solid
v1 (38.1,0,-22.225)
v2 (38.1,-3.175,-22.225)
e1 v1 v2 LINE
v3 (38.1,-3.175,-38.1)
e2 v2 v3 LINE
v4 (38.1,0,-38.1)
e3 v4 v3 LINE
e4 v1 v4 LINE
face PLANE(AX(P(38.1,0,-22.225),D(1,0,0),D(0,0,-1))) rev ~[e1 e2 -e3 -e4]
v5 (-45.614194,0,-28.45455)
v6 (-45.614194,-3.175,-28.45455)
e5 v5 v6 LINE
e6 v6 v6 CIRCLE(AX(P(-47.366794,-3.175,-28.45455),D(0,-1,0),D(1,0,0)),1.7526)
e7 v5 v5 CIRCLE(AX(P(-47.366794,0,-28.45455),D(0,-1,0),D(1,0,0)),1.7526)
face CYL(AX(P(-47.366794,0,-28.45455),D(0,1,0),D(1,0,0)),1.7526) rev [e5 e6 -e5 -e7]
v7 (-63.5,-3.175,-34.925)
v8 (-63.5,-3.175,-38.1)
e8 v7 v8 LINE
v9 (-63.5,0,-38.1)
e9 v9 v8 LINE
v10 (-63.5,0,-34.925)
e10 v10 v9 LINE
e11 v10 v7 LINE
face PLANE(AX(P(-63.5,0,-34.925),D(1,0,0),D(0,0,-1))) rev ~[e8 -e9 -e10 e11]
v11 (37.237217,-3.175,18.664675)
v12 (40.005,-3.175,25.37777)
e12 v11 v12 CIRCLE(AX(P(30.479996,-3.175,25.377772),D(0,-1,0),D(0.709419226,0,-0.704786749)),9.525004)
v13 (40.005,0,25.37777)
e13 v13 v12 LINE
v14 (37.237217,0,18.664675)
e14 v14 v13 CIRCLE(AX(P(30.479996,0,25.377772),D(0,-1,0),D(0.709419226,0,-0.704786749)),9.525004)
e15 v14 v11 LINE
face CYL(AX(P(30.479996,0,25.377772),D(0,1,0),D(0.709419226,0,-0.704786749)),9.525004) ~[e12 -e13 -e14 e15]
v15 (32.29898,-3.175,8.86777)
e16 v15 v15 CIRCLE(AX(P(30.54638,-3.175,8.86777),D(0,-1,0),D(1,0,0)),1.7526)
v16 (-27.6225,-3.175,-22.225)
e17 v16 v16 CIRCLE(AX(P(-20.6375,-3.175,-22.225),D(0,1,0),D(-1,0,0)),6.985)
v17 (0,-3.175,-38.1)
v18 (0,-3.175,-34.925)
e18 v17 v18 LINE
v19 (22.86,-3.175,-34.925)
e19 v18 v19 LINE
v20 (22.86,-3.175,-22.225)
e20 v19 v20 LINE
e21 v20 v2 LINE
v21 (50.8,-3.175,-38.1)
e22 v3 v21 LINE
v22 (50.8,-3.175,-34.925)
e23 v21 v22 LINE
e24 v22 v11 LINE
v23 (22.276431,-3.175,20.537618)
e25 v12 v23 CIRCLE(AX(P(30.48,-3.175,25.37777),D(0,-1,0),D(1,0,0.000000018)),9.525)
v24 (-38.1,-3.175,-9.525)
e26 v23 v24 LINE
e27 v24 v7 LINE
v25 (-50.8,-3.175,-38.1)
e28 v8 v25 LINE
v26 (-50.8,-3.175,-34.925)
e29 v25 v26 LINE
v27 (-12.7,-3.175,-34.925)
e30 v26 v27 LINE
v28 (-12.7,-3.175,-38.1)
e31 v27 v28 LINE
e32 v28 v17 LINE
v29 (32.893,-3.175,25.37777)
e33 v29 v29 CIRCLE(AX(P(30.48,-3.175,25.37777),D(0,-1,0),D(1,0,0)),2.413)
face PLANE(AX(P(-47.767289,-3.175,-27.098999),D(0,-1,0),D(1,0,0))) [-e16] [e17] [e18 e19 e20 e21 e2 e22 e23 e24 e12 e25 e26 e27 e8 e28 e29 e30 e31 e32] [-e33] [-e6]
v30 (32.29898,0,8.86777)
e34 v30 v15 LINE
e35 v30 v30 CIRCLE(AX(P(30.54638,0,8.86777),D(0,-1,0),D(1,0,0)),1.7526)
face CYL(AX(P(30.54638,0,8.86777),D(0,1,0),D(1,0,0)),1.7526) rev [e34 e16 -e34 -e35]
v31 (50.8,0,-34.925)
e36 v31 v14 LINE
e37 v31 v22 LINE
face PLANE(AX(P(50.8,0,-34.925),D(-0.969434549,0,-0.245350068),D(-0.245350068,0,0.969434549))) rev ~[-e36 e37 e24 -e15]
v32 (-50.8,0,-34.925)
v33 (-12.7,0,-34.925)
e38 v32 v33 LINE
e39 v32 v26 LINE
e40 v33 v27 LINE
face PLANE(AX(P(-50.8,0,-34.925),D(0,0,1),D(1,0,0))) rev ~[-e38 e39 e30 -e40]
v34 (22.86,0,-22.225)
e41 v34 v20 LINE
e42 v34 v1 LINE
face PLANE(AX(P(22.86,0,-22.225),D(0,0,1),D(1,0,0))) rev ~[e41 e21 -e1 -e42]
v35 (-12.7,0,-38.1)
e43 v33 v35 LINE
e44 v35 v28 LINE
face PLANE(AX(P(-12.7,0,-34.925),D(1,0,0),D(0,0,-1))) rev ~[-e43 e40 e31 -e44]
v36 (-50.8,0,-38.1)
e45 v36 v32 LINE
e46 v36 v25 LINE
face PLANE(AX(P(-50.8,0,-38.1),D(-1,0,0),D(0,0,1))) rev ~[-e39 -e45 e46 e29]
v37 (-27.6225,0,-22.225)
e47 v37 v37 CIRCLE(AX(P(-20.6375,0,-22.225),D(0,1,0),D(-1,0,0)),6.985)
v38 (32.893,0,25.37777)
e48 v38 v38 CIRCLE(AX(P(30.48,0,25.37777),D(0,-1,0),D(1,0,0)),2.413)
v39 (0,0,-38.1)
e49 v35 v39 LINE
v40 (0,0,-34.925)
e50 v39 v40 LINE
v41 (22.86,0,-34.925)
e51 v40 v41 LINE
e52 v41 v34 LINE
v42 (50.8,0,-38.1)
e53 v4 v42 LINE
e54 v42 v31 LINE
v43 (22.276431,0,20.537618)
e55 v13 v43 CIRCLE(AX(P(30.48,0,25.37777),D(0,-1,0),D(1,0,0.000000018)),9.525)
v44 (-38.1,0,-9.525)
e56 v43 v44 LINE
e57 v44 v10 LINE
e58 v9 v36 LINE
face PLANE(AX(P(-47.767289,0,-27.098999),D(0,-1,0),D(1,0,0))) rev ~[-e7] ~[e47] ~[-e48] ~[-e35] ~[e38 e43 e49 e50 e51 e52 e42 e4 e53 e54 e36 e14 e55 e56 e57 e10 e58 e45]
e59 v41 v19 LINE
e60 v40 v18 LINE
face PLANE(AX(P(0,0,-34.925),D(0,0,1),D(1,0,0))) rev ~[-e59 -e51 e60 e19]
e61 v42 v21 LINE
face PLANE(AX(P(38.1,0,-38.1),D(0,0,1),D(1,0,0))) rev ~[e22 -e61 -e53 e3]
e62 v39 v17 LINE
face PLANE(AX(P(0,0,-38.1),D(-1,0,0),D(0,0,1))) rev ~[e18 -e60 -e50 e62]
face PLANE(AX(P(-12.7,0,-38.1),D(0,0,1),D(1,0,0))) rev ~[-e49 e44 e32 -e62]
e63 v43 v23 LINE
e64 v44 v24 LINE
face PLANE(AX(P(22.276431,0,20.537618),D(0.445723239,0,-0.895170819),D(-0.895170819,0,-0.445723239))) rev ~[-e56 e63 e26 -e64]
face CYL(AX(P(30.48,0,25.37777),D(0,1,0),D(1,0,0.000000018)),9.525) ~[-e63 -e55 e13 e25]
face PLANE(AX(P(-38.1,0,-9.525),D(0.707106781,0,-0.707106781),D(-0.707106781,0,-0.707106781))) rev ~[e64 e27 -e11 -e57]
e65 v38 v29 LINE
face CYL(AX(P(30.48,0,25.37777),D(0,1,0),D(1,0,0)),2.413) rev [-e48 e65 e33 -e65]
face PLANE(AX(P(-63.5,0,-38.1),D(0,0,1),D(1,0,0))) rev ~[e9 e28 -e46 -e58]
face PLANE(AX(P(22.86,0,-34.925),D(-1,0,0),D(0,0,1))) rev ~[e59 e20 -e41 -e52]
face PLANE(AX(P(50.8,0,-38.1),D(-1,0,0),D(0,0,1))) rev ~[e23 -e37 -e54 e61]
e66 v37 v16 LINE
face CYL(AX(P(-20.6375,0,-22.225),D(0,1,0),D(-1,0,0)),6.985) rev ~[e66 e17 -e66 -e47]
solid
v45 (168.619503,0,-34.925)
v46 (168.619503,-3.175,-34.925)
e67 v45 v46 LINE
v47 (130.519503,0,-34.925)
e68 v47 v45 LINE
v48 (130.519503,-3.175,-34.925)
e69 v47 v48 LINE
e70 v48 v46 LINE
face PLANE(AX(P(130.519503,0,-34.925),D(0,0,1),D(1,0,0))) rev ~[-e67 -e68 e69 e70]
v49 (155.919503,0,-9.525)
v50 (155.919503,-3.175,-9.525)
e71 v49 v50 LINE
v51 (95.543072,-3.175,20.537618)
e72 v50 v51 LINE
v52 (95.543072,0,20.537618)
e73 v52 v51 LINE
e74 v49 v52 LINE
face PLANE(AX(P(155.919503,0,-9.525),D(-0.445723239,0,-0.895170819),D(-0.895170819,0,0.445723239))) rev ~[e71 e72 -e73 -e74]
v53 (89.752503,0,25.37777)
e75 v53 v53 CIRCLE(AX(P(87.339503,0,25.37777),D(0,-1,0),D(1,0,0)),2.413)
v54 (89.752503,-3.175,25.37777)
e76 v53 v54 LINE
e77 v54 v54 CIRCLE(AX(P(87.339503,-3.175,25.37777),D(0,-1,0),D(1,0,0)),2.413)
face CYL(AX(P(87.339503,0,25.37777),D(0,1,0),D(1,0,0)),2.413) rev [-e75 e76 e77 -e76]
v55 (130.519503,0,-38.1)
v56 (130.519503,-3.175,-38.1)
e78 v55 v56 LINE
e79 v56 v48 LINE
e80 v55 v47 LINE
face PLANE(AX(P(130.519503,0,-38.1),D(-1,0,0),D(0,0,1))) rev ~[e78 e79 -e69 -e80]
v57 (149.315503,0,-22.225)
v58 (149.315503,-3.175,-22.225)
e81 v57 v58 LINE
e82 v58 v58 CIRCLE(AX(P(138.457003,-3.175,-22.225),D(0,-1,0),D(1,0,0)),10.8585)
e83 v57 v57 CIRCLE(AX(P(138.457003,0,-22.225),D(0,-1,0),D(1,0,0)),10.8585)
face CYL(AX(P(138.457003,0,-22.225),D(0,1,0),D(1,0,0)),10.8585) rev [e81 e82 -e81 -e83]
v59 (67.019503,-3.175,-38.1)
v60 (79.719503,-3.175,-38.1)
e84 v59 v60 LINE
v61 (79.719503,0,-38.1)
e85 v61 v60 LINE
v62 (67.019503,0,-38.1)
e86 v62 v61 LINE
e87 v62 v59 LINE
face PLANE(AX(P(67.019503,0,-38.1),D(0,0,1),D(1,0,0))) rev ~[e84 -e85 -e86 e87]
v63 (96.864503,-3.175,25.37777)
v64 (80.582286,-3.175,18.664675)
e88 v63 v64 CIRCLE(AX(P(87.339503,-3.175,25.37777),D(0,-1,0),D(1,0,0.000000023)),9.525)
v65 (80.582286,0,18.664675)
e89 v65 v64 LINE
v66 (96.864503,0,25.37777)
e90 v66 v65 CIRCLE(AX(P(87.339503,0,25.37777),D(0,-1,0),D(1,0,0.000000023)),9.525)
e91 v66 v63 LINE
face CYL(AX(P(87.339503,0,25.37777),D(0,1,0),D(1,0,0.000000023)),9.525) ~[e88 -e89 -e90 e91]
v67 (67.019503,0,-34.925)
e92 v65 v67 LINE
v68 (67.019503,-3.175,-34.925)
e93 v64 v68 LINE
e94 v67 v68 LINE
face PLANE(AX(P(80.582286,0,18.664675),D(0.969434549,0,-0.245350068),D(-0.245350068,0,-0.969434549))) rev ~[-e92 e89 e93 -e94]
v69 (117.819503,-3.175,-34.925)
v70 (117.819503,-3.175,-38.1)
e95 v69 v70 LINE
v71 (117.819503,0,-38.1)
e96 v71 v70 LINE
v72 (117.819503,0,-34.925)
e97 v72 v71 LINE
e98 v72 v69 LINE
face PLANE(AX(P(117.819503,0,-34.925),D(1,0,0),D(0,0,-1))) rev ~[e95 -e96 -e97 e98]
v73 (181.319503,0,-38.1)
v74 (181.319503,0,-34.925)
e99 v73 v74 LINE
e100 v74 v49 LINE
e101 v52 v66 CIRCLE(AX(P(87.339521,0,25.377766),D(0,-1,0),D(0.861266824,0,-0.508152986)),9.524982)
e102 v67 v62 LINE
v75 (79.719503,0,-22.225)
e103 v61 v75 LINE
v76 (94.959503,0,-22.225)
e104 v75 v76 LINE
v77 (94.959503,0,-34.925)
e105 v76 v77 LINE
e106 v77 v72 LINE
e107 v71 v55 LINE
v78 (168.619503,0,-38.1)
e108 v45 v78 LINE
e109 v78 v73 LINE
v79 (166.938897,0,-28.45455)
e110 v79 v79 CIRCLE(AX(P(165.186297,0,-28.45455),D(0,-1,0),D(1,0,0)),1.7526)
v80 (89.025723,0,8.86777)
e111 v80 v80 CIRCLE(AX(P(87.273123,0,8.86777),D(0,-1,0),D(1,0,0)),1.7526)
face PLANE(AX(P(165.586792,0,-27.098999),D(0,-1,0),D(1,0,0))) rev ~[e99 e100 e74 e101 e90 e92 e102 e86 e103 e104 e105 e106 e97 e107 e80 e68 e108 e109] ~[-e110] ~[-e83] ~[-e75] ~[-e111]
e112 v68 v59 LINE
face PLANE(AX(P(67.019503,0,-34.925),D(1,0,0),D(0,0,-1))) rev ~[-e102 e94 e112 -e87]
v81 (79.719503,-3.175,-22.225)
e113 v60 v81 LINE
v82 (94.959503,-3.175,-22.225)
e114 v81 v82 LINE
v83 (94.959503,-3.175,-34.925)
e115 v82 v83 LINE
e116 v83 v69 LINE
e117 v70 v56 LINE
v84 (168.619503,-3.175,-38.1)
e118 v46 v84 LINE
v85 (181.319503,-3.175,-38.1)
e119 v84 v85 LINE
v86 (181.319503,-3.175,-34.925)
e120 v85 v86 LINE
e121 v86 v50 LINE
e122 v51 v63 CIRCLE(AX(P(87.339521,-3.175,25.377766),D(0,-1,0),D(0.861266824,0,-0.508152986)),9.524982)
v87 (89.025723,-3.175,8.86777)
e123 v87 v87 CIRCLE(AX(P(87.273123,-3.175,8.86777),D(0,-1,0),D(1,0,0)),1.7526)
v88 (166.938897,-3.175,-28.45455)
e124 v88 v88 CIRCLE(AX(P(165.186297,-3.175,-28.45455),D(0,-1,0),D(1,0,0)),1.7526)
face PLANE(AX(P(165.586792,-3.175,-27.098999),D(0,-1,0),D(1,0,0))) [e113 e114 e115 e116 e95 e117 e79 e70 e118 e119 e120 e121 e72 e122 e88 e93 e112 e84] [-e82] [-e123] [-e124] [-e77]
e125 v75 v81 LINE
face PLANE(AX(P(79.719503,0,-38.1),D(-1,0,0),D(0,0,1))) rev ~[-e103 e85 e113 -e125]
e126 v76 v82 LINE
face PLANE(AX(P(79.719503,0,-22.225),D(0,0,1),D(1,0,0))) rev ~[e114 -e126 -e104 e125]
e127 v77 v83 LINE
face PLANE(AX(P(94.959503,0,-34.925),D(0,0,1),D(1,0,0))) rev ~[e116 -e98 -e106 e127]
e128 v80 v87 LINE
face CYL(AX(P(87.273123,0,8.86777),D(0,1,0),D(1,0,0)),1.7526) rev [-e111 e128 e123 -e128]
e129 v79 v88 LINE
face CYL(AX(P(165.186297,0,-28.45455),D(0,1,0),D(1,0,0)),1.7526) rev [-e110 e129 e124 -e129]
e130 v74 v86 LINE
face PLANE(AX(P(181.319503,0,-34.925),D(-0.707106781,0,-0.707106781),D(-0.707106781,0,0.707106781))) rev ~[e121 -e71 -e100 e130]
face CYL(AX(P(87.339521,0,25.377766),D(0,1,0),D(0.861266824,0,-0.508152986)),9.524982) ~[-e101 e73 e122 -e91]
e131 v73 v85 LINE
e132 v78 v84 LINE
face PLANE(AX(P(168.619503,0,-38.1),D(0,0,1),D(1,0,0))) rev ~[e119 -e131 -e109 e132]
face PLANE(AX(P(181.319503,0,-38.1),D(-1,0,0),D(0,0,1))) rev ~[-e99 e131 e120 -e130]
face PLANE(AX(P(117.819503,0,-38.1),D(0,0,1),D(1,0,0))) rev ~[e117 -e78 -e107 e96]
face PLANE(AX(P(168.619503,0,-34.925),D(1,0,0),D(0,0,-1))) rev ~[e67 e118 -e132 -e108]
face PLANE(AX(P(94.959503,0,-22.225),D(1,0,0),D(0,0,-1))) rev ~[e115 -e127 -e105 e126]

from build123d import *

# Parameters (mm, degrees)
F0_R     = 1.7526
F0_R_2   = 2.413
F0_R_3   = 10.8585
F1_DEPTH = 3.175


with BuildPart() as f1:
    # F0 (on Front) → F1 (new body)
    with BuildSketch(Plane.XZ):
        Polygon((-50.8, -38.1), (-50.8, -34.925), (-38.1, -34.925), (-38.1, -22.225), (-38.1, -9.525), (-63.5, -34.925), (-63.5, -38.1), align=None)
        with Locations((-47.366794, -28.45455)):
            Circle(F0_R, mode=Mode.SUBTRACT)
        with BuildLine():
            ThreePointArc((-13.6525, -22.225), (-20.6375, -15.24), (-27.6225, -22.225))
            ThreePointArc((-27.6225, -22.225), (-20.6375, -29.21), (-13.6525, -22.225))
        make_face()
        with BuildLine():
            Line((-38.1, -22.225), (-38.1, -34.925))
            Line((-38.1, -34.925), (-12.7, -34.925))
            Line((-12.7, -34.925), (-12.7, -38.1))
            Line((-12.7, -38.1), (0, -38.1))
            Line((0, -38.1), (0, -34.925))
            Line((0, -34.925), (22.86, -34.925))
            Line((22.86, -34.925), (22.86, -22.225))
            Line((22.86, -22.225), (38.1, -22.225))
            Line((38.1, -22.225), (38.1, -34.925))
            Line((38.1, -34.925), (38.1, -38.1))
            Line((38.1, -38.1), (50.8, -38.1))
            Line((50.8, -38.1), (50.8, -34.925))
            Line((50.8, -34.925), (37.237217, 18.664675))
            ThreePointArc((37.237217, 18.664675), (29.2968, 15.926544), (22.276431, 20.537618))
            Line((22.276431, 20.537618), (-38.1, -9.525))
            Line((-38.1, -9.525), (-38.1, -22.225))
        make_face()
        with BuildLine():
            ThreePointArc((-13.6525, -22.225), (-20.6375, -29.21), (-27.6225, -22.225))
            ThreePointArc((-27.6225, -22.225), (-20.6375, -15.24), (-13.6525, -22.225))
        make_face(mode=Mode.SUBTRACT)
        with Locations((30.54638, 8.86777)):
            Circle(F0_R, mode=Mode.SUBTRACT)
        with BuildLine():
            ThreePointArc((40.005, 25.37777), (27.971352, 34.566475), (22.276431, 20.537618))
            ThreePointArc((22.276431, 20.537618), (29.2968, 15.926544), (37.237217, 18.664675))
            ThreePointArc((37.237217, 18.664675), (39.28591, 21.747127), (40.005, 25.37777))
        make_face()
        with Locations((30.48, 25.37777)):
            Circle(F0_R_2, mode=Mode.SUBTRACT)
        Polygon((181.319503, -38.1), (181.319503, -34.925), (155.919503, -9.525), (155.919503, -22.225), (155.919503, -34.925), (168.619503, -34.925), (168.619503, -38.1), align=None)
        with Locations((165.186297, -28.45455)):
            Circle(F0_R, mode=Mode.SUBTRACT)
        with Locations((138.457003, -22.225)):
            Circle(F0_R_3)
        with BuildLine():
            Line((155.919503, -22.225), (155.919503, -9.525))
            Line((155.919503, -9.525), (95.543072, 20.537618))
            ThreePointArc((95.543072, 20.537618), (88.522703, 15.926544), (80.582286, 18.664675))
            Line((80.582286, 18.664675), (67.019503, -34.925))
            Line((67.019503, -34.925), (67.019503, -38.1))
            Line((67.019503, -38.1), (79.719503, -38.1))
            Line((79.719503, -38.1), (79.719503, -34.925))
            Line((79.719503, -34.925), (79.719503, -22.225))
            Line((79.719503, -22.225), (94.959503, -22.225))
            Line((94.959503, -22.225), (94.959503, -34.925))
            Line((94.959503, -34.925), (117.819503, -34.925))
            Line((117.819503, -34.925), (117.819503, -38.1))
            Line((117.819503, -38.1), (130.519503, -38.1))
            Line((130.519503, -38.1), (130.519503, -34.925))
            Line((130.519503, -34.925), (155.919503, -34.925))
            Line((155.919503, -34.925), (155.919503, -22.225))
        make_face()
        with Locations((138.457003, -22.225)):
            Circle(F0_R_3, mode=Mode.SUBTRACT)
        with Locations((87.273123, 8.86777)):
            Circle(F0_R, mode=Mode.SUBTRACT)
        with BuildLine():
            ThreePointArc((80.582286, 18.664675), (88.522703, 15.926544), (95.543072, 20.537618))
            ThreePointArc((95.543072, 20.537618), (96.528209, 22.869122), (96.864503, 25.37777))
            ThreePointArc((96.864503, 25.37777), (83.70886, 34.18368), (80.582286, 18.664675))
        make_face()
        with Locations((87.339503, 25.37777)):
            Circle(F0_R_2, mode=Mode.SUBTRACT)
    extrude(amount=F1_DEPTH)


solid = f1.part
